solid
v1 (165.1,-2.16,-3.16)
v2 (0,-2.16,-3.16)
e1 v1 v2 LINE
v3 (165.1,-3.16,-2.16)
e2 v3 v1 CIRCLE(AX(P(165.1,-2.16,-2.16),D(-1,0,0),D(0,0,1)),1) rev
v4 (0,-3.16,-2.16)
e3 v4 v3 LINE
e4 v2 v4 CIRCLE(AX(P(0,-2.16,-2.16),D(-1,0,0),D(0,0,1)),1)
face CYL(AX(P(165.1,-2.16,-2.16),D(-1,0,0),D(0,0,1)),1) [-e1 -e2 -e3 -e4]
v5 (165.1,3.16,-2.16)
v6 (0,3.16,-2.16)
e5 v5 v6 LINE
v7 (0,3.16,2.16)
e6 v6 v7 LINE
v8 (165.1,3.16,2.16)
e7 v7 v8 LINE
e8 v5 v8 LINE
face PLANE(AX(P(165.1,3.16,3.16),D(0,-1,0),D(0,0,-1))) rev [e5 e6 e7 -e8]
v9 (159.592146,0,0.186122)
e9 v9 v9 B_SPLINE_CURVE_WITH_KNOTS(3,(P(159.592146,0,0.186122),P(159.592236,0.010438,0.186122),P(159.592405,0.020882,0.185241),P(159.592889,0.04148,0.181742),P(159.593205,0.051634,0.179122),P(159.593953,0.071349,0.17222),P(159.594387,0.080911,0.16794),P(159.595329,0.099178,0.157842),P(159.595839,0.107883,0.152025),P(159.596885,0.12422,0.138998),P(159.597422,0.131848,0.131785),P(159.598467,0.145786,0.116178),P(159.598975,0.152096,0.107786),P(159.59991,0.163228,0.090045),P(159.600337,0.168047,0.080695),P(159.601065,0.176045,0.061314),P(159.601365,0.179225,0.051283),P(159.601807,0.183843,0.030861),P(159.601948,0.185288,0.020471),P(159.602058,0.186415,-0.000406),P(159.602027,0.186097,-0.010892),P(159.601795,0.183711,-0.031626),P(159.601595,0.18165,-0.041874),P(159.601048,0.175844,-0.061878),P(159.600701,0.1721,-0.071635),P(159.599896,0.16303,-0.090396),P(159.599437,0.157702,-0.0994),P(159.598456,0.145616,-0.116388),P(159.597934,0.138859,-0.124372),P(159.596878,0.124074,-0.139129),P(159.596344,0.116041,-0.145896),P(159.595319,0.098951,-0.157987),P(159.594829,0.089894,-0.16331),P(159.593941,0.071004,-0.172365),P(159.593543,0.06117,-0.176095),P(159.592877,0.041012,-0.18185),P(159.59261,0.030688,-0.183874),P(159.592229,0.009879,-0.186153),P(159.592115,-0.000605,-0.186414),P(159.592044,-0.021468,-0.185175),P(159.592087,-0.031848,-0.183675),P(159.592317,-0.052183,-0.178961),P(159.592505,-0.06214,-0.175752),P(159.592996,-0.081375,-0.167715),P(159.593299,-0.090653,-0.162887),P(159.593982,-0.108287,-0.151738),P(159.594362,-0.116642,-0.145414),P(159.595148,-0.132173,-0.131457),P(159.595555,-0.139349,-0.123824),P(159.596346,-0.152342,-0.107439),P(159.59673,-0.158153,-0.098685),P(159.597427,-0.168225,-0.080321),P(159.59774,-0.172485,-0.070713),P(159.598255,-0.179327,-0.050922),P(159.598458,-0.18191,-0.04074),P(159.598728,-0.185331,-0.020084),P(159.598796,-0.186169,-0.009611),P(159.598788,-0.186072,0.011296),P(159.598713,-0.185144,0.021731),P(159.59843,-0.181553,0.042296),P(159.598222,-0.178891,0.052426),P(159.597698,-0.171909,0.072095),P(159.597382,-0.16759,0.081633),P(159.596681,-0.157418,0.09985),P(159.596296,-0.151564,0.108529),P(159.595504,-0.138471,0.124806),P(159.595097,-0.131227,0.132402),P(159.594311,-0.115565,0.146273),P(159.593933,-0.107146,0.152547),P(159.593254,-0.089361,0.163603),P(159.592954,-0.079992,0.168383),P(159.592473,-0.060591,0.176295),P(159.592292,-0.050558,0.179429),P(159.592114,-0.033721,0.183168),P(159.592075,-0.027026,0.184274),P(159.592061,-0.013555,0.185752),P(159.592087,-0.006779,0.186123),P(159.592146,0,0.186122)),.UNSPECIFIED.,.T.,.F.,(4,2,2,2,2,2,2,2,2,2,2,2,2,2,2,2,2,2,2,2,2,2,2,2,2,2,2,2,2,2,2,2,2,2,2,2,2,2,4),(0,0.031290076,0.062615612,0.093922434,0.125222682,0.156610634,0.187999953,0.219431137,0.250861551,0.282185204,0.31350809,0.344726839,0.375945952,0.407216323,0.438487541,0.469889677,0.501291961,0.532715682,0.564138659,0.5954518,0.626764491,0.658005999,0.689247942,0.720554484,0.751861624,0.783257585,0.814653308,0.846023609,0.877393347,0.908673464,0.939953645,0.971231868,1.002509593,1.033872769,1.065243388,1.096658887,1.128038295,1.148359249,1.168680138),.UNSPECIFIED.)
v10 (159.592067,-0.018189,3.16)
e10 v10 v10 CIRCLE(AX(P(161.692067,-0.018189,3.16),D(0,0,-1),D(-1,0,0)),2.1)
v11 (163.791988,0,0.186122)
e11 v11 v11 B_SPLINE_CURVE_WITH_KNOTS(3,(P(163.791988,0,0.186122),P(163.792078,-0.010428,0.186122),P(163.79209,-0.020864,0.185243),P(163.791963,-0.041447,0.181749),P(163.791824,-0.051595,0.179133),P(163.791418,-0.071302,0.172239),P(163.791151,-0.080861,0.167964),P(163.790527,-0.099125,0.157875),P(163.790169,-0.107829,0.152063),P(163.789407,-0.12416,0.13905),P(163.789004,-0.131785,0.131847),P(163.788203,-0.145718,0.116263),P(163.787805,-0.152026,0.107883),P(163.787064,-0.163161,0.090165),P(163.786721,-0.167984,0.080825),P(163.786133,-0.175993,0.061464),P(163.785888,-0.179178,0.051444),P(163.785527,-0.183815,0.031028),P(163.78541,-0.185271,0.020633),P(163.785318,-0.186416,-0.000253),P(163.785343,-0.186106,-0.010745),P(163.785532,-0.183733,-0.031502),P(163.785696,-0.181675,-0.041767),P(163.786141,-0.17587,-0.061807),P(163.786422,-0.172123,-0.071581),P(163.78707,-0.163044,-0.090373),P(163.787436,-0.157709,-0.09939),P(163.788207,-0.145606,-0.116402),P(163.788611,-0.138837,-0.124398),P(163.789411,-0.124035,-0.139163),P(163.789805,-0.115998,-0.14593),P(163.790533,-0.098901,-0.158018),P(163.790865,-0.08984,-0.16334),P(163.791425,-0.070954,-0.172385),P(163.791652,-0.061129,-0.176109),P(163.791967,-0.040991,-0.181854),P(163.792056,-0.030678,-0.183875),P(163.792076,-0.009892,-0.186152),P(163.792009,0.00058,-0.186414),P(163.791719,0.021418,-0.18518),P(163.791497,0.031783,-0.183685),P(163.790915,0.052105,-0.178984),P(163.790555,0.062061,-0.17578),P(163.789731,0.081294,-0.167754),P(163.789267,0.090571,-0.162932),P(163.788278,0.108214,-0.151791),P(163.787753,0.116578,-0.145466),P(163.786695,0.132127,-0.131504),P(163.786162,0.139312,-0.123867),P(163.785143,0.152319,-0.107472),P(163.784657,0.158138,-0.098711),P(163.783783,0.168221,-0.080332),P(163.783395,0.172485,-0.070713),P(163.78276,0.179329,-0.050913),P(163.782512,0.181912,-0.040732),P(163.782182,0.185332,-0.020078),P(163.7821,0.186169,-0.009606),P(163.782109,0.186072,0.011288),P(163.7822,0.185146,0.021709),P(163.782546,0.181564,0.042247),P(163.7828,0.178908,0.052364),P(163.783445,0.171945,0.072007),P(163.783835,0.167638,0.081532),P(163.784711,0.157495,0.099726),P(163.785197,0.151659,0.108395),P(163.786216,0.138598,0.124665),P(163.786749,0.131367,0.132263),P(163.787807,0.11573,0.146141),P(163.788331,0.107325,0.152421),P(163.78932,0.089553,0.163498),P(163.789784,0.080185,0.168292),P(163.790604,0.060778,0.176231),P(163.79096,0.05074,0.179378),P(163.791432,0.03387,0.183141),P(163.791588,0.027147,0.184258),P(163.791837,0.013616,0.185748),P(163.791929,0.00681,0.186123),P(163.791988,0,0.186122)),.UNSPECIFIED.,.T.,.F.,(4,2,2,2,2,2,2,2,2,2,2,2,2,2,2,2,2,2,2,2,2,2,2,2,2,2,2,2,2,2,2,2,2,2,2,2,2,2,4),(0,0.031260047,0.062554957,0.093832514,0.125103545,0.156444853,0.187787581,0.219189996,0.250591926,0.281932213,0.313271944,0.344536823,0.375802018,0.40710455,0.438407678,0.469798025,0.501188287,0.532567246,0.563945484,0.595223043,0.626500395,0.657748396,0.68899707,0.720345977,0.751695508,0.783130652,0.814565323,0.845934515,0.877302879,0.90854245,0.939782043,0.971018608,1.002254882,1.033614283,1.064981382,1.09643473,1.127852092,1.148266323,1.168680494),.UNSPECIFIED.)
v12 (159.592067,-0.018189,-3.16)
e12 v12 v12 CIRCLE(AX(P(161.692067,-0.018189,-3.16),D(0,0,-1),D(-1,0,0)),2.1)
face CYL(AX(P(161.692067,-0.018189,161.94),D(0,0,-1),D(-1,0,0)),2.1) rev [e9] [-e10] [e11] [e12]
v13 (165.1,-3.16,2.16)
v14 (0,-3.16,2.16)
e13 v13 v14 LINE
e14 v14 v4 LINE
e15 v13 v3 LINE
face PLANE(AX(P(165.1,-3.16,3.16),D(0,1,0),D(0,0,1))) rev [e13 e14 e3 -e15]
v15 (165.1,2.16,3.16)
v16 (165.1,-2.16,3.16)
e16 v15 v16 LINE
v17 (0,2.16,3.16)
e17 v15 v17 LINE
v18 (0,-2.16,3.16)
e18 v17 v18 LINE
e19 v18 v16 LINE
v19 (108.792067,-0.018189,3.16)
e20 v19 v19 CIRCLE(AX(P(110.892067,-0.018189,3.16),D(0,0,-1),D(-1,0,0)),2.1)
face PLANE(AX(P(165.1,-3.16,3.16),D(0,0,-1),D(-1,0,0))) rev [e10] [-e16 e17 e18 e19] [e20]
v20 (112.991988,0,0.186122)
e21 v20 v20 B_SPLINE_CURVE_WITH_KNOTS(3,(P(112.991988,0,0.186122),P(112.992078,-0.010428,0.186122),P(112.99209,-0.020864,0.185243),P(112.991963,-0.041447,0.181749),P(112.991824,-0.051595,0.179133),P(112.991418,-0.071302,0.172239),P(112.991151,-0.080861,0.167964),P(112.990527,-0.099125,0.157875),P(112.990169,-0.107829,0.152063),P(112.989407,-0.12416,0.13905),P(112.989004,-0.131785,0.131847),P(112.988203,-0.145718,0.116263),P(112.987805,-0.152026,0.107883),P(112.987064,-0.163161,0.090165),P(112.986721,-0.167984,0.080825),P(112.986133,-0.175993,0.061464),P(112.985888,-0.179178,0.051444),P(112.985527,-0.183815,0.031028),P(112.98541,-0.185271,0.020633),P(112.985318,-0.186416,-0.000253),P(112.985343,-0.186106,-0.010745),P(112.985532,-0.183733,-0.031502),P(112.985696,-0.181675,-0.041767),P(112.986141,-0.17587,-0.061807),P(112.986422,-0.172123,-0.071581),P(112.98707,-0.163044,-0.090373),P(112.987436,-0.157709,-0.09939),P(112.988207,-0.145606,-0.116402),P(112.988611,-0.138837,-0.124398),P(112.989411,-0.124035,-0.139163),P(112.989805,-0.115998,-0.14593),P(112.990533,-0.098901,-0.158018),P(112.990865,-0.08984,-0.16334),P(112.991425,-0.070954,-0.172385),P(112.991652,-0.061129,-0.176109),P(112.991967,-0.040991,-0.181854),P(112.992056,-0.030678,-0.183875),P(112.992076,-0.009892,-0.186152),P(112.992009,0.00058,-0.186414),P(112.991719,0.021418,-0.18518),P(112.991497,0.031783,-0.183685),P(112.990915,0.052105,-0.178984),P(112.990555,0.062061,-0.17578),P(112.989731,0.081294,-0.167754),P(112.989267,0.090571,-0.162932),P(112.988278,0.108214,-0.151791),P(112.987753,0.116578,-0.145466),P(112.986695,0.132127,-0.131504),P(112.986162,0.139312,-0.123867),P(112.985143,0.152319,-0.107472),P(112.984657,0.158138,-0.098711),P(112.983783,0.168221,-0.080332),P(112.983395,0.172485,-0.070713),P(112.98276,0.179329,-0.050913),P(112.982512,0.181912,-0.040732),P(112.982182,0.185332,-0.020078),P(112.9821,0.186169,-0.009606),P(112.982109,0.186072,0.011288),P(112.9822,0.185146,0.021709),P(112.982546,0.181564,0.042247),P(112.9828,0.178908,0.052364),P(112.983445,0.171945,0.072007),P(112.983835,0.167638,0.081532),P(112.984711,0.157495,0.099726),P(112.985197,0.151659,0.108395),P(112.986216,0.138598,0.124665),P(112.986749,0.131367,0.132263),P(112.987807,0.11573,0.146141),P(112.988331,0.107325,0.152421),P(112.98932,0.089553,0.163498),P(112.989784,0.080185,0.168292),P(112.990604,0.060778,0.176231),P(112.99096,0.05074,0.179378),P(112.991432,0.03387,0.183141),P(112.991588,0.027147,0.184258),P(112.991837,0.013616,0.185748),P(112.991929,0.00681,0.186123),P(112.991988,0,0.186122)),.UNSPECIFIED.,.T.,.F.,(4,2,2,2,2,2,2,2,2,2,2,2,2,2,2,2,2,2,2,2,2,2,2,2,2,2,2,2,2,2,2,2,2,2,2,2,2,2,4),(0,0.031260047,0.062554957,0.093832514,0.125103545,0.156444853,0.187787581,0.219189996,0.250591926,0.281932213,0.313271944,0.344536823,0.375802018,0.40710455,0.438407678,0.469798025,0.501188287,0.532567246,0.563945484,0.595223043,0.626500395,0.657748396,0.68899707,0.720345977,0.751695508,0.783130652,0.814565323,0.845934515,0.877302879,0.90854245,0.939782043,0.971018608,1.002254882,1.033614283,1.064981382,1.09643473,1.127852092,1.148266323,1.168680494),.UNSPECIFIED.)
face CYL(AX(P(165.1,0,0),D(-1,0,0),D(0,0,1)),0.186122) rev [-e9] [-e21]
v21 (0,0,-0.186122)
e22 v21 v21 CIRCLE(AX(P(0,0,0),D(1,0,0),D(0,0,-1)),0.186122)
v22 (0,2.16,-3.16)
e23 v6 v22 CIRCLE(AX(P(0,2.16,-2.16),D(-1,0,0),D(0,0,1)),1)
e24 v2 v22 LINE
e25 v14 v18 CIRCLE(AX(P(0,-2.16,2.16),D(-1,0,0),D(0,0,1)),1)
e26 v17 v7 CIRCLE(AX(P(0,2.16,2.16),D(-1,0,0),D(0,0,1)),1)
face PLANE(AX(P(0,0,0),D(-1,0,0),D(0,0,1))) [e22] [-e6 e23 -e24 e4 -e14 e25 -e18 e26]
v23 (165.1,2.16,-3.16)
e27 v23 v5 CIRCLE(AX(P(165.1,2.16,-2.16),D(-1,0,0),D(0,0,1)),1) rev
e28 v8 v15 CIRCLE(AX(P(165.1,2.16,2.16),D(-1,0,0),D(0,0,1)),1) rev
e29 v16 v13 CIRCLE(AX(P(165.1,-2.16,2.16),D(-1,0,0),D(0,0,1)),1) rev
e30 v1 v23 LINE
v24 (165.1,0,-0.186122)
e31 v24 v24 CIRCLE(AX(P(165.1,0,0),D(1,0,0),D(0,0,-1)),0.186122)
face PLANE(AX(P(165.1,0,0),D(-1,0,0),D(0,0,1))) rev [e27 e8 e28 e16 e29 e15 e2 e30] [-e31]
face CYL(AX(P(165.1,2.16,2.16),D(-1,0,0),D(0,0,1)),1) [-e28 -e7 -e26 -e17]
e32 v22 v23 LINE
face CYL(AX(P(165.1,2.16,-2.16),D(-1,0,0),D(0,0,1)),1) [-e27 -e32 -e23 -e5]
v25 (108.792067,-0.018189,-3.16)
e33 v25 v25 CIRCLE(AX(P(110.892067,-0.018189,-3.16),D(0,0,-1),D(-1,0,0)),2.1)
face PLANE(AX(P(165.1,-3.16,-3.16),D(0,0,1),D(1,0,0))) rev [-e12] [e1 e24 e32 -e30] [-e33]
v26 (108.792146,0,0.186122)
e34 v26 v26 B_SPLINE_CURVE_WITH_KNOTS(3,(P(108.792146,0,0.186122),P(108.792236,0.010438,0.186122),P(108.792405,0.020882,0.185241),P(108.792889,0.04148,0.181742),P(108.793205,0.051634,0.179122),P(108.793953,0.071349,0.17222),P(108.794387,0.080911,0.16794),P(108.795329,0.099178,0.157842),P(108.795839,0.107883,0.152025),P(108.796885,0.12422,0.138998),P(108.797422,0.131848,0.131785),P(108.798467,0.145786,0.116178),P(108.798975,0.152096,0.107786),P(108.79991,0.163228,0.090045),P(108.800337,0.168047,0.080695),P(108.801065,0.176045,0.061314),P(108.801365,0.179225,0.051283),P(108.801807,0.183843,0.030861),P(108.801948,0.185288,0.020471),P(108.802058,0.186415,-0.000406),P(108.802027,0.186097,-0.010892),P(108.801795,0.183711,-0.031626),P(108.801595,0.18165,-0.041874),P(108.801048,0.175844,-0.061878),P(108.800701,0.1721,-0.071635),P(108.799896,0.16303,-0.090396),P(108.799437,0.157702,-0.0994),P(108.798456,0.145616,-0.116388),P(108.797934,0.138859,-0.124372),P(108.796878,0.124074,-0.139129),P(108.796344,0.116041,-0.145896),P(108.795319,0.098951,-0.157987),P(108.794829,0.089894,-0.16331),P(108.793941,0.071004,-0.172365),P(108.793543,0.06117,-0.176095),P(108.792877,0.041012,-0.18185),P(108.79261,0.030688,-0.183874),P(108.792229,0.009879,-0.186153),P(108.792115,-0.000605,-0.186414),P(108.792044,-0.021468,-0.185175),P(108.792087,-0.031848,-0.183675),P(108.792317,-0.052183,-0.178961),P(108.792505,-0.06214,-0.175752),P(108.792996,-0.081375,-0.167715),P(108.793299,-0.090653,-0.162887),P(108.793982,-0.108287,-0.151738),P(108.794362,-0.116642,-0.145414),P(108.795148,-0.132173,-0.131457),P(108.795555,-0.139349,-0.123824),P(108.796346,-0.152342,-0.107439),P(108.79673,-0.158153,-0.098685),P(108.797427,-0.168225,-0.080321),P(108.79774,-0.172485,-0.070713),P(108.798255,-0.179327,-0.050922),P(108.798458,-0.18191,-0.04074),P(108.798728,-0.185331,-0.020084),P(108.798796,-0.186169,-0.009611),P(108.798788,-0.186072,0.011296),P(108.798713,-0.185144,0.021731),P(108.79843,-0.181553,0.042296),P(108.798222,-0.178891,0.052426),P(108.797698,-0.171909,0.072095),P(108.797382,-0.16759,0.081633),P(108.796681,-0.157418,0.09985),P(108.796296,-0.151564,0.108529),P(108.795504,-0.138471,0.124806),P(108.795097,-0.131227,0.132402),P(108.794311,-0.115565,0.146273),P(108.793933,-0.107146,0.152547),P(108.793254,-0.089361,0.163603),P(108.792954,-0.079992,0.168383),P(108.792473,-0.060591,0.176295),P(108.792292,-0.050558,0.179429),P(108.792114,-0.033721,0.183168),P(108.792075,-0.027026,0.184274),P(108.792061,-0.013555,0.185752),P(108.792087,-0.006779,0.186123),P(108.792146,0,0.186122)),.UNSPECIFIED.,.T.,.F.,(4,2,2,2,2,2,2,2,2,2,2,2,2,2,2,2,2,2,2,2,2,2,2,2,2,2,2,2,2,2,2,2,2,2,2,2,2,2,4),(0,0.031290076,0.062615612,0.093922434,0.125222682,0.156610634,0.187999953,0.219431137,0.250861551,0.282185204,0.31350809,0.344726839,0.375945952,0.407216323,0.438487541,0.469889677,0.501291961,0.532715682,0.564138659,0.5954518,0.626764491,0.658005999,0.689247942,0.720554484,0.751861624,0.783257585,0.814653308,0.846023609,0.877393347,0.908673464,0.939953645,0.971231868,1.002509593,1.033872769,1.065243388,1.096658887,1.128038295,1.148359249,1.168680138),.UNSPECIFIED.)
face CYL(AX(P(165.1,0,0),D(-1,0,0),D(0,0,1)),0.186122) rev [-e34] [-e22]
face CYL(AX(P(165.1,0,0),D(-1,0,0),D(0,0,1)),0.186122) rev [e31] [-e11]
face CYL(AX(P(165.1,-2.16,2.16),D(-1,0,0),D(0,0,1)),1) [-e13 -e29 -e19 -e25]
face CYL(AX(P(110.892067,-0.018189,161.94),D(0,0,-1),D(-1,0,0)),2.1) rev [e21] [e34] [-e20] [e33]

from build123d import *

# Parameters (mm, degrees)
SKETCH_1_W          = 6.32
SKETCH_1_H          = 6.32
SKETCH_1_R          = 0.1861223
EXTRUDE_1_DEPTH     = 165.1
FILLET_1_R          = 1
SKETCH_2_R          = 2.1
CUT_EXTRUDE_1_DEPTH = 165.1


with BuildPart() as part:
    # 草图1 → 凸台-拉伸1 (new body)
    with BuildSketch(Plane(origin=(0, 0, 0), x_dir=(0, 0, -1), z_dir=(1, 0, 0))):
        Rectangle(SKETCH_1_W, SKETCH_1_H)
        Circle(SKETCH_1_R, mode=Mode.SUBTRACT)
    extrude(amount=EXTRUDE_1_DEPTH)

    # 圆角1
    fillet_1_edges = [part.edges().sort_by_distance(p)[0] for p in [
        (82.55, -3.16, -3.16),
        (82.55, -3.16, 3.16),
        (82.55, 3.16, 3.16),
        (82.55, 3.16, -3.16),
    ]]
    fillet(fillet_1_edges, radius=FILLET_1_R)

    # 草图2 → 切除-拉伸1 (cut)
    with BuildSketch(Plane(origin=(0, 0, -3.16), x_dir=(-1, 0, 0), z_dir=(0, 0, -1))):
        with Locations((-161.692066873, -0.018189101)):
            Circle(SKETCH_2_R)
        with Locations((-110.892066873, -0.018189101)):
            Circle(SKETCH_2_R)
    extrude(amount=-CUT_EXTRUDE_1_DEPTH, mode=Mode.SUBTRACT)


solid = part.part
